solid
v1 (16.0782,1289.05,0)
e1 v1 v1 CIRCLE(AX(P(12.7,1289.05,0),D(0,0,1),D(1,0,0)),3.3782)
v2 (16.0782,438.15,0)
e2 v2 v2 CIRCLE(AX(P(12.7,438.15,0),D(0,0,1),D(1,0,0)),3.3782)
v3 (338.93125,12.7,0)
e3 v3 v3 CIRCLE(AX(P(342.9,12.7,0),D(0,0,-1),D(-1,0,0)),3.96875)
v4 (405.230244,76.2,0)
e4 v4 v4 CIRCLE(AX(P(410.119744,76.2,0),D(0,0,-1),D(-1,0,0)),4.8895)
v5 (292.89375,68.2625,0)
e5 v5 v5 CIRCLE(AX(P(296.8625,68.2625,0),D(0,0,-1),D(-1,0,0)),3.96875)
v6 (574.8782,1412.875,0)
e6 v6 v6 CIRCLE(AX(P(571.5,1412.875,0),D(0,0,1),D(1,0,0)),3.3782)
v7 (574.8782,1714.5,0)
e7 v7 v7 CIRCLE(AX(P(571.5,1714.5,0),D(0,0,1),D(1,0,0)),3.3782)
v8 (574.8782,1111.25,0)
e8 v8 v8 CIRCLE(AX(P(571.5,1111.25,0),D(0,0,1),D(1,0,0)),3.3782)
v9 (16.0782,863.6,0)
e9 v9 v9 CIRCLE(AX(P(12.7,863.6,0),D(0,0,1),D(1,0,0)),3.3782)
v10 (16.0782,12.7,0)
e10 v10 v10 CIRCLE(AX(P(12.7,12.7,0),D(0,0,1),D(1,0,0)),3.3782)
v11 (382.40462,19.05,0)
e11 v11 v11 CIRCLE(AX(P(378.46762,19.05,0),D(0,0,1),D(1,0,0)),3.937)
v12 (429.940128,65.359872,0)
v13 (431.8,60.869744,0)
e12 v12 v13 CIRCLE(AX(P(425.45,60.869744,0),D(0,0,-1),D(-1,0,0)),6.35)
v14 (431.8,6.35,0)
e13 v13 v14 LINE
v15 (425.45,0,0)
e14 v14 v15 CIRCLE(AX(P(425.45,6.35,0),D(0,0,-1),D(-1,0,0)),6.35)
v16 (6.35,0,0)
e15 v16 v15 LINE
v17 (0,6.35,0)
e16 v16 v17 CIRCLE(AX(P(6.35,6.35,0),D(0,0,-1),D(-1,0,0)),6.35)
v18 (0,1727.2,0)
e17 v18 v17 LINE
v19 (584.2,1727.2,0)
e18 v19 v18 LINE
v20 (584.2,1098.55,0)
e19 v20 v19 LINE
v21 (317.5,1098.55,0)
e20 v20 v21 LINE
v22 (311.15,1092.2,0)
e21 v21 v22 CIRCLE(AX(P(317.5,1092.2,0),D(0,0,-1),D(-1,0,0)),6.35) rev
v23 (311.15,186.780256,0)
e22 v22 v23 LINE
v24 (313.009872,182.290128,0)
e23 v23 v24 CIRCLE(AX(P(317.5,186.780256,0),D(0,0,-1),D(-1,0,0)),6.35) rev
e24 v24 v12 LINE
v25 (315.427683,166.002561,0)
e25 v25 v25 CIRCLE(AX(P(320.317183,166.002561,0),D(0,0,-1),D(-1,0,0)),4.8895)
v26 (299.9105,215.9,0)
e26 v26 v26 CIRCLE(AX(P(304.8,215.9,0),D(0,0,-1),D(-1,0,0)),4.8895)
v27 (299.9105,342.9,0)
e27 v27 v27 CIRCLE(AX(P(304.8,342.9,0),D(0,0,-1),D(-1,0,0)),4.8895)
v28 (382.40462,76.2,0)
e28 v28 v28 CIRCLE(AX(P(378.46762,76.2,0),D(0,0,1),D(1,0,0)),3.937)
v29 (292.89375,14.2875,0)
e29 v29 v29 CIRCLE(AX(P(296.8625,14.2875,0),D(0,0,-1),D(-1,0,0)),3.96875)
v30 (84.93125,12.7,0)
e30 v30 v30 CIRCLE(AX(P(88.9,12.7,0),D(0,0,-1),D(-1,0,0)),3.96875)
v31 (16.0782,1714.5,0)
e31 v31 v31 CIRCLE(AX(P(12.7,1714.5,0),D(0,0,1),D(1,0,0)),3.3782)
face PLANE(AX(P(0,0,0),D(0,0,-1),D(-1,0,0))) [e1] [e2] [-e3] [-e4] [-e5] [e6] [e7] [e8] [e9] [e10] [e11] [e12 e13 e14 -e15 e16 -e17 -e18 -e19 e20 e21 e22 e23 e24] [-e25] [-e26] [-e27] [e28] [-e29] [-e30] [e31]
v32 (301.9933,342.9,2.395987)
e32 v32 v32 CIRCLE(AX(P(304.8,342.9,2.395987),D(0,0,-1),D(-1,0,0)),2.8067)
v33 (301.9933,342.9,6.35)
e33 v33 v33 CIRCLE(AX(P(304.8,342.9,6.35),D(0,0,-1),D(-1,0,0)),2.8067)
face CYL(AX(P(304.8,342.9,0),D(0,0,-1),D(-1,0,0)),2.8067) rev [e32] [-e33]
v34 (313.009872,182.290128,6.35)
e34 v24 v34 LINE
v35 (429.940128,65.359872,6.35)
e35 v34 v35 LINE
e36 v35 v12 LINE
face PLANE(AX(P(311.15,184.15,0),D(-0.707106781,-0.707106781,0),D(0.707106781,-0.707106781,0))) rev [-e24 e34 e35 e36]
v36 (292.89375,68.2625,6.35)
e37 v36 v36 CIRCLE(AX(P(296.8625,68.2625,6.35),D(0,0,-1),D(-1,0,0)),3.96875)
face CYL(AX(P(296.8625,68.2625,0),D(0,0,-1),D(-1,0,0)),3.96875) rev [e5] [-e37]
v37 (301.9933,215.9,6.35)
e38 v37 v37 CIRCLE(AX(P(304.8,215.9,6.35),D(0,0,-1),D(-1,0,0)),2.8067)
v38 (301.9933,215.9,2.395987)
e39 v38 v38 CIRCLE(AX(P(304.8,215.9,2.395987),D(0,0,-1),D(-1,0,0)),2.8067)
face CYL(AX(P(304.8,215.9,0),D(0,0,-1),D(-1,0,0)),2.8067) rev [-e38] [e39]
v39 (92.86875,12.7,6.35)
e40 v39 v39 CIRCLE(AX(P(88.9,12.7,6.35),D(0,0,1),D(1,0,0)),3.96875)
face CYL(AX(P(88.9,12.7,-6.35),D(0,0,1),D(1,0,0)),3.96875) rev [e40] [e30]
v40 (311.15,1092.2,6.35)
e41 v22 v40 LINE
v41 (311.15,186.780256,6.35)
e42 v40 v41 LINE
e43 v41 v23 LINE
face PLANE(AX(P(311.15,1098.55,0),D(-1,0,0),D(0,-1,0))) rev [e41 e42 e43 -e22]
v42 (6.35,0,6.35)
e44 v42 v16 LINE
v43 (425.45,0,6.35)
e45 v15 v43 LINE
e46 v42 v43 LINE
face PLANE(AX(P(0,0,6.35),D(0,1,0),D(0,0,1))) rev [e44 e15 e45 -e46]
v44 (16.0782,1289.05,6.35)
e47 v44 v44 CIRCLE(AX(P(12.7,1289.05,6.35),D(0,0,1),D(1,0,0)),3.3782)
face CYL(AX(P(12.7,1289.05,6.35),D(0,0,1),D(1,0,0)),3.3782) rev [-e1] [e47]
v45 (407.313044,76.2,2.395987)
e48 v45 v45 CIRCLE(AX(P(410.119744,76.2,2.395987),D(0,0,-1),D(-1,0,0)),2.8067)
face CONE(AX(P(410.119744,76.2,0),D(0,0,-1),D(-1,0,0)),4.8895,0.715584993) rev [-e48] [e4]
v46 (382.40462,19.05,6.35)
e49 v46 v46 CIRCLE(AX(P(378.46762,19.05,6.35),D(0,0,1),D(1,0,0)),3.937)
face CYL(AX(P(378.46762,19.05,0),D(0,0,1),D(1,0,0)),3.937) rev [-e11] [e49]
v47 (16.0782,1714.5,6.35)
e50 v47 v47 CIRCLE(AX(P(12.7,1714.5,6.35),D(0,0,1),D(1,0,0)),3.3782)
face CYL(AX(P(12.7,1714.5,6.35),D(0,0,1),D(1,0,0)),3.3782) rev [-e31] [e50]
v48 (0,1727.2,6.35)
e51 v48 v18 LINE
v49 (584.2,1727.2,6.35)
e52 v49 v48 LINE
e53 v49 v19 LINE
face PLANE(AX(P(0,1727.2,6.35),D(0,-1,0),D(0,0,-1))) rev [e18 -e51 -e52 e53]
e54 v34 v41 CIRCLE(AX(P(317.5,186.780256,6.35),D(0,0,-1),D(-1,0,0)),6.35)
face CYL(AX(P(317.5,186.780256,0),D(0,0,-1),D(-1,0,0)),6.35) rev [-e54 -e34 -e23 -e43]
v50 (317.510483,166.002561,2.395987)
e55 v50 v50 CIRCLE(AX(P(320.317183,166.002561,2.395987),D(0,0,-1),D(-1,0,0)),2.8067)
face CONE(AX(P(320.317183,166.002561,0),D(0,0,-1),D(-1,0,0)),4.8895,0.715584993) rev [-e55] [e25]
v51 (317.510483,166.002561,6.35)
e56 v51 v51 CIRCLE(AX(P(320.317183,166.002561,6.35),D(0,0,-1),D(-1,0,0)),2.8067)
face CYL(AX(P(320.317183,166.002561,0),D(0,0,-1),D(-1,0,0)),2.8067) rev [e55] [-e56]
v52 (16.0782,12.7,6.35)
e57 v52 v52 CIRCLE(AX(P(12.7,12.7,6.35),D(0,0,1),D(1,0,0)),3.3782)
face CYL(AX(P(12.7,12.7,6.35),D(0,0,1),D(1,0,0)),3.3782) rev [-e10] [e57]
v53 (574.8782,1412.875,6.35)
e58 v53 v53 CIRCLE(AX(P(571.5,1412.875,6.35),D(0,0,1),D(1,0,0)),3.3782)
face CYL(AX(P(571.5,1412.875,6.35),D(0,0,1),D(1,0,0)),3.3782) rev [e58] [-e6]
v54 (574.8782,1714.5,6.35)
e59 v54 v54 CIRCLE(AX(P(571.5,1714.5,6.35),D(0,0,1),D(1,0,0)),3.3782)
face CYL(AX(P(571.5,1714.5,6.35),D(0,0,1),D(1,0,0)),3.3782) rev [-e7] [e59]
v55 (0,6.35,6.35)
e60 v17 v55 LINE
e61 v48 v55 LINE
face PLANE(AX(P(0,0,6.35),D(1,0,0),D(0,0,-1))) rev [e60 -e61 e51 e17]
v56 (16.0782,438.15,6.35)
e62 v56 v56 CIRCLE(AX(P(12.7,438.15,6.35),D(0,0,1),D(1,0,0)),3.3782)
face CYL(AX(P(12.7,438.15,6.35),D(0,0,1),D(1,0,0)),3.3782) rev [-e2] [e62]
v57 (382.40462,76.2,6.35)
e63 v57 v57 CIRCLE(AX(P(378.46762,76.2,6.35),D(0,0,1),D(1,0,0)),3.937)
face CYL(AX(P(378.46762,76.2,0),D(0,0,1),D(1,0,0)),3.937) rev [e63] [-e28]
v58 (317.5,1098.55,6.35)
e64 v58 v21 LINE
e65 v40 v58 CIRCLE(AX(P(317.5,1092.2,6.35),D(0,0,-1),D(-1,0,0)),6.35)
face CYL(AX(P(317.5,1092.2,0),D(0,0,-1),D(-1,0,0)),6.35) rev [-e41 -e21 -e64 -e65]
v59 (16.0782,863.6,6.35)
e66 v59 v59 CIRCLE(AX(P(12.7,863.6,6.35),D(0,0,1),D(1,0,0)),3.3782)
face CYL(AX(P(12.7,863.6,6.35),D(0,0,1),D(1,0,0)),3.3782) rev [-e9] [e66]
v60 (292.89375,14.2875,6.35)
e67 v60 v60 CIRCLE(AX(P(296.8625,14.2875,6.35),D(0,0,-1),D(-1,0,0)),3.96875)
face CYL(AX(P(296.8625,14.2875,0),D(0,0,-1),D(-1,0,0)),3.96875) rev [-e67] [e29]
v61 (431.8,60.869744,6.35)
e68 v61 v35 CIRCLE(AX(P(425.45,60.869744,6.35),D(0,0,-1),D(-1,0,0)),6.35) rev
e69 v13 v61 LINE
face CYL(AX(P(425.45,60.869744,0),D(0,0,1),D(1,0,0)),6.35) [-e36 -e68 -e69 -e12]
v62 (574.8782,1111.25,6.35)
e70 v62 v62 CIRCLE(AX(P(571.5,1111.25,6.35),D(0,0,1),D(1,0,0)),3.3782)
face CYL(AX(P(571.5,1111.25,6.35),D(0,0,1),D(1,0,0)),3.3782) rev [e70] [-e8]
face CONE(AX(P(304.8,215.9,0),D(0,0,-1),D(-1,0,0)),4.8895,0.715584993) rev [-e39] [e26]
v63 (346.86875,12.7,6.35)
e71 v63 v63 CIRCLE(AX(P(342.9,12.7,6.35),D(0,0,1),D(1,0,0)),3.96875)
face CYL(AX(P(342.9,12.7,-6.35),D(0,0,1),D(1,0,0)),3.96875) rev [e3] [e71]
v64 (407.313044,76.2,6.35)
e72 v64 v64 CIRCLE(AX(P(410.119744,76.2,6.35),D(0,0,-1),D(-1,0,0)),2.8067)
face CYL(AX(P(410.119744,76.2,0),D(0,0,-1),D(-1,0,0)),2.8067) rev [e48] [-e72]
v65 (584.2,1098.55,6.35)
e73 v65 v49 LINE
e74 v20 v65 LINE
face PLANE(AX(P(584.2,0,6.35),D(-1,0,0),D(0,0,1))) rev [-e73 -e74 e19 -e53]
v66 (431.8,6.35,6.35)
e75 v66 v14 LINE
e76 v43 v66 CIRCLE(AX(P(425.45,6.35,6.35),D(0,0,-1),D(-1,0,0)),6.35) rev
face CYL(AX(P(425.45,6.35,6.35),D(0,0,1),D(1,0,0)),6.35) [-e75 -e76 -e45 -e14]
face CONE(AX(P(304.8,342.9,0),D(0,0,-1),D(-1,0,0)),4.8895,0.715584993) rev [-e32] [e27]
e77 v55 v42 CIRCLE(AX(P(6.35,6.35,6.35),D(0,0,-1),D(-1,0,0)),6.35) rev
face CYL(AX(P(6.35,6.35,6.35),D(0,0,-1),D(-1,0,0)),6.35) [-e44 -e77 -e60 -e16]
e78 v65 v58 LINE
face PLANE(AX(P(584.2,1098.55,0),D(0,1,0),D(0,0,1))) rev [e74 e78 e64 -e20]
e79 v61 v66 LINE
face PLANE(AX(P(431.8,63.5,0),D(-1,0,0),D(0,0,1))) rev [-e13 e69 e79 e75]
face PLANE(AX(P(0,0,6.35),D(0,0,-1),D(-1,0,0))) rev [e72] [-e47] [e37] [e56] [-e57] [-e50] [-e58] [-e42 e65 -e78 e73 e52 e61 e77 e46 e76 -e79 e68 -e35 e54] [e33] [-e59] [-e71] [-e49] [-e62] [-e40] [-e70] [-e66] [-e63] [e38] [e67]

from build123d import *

# Parameters (mm, degrees)
SKETCH2_W                                       = 584.2
SKETCH2_H                                       = 1727.2
BOSS_EXTRUDE1_DEPTH                             = 6.35
CUT_EXTRUDE1_DEPTH                              = 7.35
H_0_266_DIAMETER_HOLE1_D                        = 6.7564
FILLET1_R                                       = 6.35
SKETCH7_R                                       = 3.96875
CUT_EXTRUDE2_DEPTH                              = 12.7
CSK_FOR_10_FLAT_HEAD_MACHINE_SCREW1_D           = 5.6134
CSK_FOR_10_FLAT_HEAD_MACHINE_SCREW1_CSINK_D     = 9.779
CSK_FOR_10_FLAT_HEAD_MACHINE_SCREW1_CSINK_ANGLE = 82
SKETCH15_R                                      = 3.937
CUT_EXTRUDE3_DEPTH                              = 7.35
F_5_16_0_3125_DIAMETER_HOLE1_D                  = 7.9375


with BuildPart() as part:
    # Sketch2 → Boss-Extrude1 (new body)
    with BuildSketch(Plane.XY):
        with Locations((292.1, 863.6)):
            Rectangle(SKETCH2_W, SKETCH2_H)
    extrude(amount=BOSS_EXTRUDE1_DEPTH)

    # Sketch3 → Cut-Extrude1 (cut, through all)
    with BuildSketch(Plane.XY.offset(6.35)):
        Polygon((584.2, 1098.55), (311.15, 1098.55), (311.15, 184.15), (431.8, 63.5), (431.8, 0), (584.2, 0), align=None)
    extrude(amount=-CUT_EXTRUDE1_DEPTH, mode=Mode.SUBTRACT)

    # H (0.266) Diameter Hole1 (through all)
    with Locations(Plane.XY.offset(6.35)):
        with Locations((12.7, 1714.5), (12.7, 1289.05), (12.7, 863.6), (12.7, 438.15), (12.7, 12.7), (571.5, 1111.25), (571.5, 1412.875), (571.5, 1714.5)):
            Hole(H_0_266_DIAMETER_HOLE1_D / 2)

    # Fillet1
    fillet1_edges = [part.edges().sort_by_distance(p)[0] for p in [
        (431.8, 0, 3.175),
        (431.8, 63.5, 3.175),
        (311.15, 184.15, 3.175),
        (311.15, 1098.55, 3.175),
        (0, 0, 3.175),
    ]]
    fillet(fillet1_edges, radius=FILLET1_R)

    # Sketch7 → Cut-Extrude2 (cut)
    with BuildSketch(Plane.XY.offset(6.35)):
        with Locations((88.9, 12.7)):
            Circle(SKETCH7_R)
        with Locations((342.9, 12.7)):
            Circle(SKETCH7_R)
    extrude(amount=-CUT_EXTRUDE2_DEPTH, mode=Mode.SUBTRACT)

    # CSK for #10 Flat Head Machine Screw1 (through all)
    with Locations(Plane(origin=(0, 0, 0), x_dir=(-1, 0, 0), z_dir=(0, 0, -1))):
        with Locations((-304.8, 342.9), (-304.8, 215.9), (-320.317182668, 166.002561211), (-410.119743879, 76.2)):
            CounterSinkHole(CSK_FOR_10_FLAT_HEAD_MACHINE_SCREW1_D / 2, CSK_FOR_10_FLAT_HEAD_MACHINE_SCREW1_CSINK_D / 2, counter_sink_angle=CSK_FOR_10_FLAT_HEAD_MACHINE_SCREW1_CSINK_ANGLE)

    # Sketch15 → Cut-Extrude3 (cut, through all)
    with BuildSketch(Plane.XY.offset(6.35)):
        with Locations((378.46762, 19.05)):
            Circle(SKETCH15_R)
        with Locations((378.46762, 76.2)):
            Circle(SKETCH15_R)
    extrude(amount=-CUT_EXTRUDE3_DEPTH, mode=Mode.SUBTRACT)

    # 5/16 (0.3125) Diameter Hole1 (through all)
    with Locations(Plane(origin=(0, 0, 0), x_dir=(-1, 0, 0), z_dir=(0, 0, -1))):
        with Locations((-296.8625, 68.2625), (-296.8625, 14.2875)):
            Hole(F_5_16_0_3125_DIAMETER_HOLE1_D / 2)


solid = part.part
